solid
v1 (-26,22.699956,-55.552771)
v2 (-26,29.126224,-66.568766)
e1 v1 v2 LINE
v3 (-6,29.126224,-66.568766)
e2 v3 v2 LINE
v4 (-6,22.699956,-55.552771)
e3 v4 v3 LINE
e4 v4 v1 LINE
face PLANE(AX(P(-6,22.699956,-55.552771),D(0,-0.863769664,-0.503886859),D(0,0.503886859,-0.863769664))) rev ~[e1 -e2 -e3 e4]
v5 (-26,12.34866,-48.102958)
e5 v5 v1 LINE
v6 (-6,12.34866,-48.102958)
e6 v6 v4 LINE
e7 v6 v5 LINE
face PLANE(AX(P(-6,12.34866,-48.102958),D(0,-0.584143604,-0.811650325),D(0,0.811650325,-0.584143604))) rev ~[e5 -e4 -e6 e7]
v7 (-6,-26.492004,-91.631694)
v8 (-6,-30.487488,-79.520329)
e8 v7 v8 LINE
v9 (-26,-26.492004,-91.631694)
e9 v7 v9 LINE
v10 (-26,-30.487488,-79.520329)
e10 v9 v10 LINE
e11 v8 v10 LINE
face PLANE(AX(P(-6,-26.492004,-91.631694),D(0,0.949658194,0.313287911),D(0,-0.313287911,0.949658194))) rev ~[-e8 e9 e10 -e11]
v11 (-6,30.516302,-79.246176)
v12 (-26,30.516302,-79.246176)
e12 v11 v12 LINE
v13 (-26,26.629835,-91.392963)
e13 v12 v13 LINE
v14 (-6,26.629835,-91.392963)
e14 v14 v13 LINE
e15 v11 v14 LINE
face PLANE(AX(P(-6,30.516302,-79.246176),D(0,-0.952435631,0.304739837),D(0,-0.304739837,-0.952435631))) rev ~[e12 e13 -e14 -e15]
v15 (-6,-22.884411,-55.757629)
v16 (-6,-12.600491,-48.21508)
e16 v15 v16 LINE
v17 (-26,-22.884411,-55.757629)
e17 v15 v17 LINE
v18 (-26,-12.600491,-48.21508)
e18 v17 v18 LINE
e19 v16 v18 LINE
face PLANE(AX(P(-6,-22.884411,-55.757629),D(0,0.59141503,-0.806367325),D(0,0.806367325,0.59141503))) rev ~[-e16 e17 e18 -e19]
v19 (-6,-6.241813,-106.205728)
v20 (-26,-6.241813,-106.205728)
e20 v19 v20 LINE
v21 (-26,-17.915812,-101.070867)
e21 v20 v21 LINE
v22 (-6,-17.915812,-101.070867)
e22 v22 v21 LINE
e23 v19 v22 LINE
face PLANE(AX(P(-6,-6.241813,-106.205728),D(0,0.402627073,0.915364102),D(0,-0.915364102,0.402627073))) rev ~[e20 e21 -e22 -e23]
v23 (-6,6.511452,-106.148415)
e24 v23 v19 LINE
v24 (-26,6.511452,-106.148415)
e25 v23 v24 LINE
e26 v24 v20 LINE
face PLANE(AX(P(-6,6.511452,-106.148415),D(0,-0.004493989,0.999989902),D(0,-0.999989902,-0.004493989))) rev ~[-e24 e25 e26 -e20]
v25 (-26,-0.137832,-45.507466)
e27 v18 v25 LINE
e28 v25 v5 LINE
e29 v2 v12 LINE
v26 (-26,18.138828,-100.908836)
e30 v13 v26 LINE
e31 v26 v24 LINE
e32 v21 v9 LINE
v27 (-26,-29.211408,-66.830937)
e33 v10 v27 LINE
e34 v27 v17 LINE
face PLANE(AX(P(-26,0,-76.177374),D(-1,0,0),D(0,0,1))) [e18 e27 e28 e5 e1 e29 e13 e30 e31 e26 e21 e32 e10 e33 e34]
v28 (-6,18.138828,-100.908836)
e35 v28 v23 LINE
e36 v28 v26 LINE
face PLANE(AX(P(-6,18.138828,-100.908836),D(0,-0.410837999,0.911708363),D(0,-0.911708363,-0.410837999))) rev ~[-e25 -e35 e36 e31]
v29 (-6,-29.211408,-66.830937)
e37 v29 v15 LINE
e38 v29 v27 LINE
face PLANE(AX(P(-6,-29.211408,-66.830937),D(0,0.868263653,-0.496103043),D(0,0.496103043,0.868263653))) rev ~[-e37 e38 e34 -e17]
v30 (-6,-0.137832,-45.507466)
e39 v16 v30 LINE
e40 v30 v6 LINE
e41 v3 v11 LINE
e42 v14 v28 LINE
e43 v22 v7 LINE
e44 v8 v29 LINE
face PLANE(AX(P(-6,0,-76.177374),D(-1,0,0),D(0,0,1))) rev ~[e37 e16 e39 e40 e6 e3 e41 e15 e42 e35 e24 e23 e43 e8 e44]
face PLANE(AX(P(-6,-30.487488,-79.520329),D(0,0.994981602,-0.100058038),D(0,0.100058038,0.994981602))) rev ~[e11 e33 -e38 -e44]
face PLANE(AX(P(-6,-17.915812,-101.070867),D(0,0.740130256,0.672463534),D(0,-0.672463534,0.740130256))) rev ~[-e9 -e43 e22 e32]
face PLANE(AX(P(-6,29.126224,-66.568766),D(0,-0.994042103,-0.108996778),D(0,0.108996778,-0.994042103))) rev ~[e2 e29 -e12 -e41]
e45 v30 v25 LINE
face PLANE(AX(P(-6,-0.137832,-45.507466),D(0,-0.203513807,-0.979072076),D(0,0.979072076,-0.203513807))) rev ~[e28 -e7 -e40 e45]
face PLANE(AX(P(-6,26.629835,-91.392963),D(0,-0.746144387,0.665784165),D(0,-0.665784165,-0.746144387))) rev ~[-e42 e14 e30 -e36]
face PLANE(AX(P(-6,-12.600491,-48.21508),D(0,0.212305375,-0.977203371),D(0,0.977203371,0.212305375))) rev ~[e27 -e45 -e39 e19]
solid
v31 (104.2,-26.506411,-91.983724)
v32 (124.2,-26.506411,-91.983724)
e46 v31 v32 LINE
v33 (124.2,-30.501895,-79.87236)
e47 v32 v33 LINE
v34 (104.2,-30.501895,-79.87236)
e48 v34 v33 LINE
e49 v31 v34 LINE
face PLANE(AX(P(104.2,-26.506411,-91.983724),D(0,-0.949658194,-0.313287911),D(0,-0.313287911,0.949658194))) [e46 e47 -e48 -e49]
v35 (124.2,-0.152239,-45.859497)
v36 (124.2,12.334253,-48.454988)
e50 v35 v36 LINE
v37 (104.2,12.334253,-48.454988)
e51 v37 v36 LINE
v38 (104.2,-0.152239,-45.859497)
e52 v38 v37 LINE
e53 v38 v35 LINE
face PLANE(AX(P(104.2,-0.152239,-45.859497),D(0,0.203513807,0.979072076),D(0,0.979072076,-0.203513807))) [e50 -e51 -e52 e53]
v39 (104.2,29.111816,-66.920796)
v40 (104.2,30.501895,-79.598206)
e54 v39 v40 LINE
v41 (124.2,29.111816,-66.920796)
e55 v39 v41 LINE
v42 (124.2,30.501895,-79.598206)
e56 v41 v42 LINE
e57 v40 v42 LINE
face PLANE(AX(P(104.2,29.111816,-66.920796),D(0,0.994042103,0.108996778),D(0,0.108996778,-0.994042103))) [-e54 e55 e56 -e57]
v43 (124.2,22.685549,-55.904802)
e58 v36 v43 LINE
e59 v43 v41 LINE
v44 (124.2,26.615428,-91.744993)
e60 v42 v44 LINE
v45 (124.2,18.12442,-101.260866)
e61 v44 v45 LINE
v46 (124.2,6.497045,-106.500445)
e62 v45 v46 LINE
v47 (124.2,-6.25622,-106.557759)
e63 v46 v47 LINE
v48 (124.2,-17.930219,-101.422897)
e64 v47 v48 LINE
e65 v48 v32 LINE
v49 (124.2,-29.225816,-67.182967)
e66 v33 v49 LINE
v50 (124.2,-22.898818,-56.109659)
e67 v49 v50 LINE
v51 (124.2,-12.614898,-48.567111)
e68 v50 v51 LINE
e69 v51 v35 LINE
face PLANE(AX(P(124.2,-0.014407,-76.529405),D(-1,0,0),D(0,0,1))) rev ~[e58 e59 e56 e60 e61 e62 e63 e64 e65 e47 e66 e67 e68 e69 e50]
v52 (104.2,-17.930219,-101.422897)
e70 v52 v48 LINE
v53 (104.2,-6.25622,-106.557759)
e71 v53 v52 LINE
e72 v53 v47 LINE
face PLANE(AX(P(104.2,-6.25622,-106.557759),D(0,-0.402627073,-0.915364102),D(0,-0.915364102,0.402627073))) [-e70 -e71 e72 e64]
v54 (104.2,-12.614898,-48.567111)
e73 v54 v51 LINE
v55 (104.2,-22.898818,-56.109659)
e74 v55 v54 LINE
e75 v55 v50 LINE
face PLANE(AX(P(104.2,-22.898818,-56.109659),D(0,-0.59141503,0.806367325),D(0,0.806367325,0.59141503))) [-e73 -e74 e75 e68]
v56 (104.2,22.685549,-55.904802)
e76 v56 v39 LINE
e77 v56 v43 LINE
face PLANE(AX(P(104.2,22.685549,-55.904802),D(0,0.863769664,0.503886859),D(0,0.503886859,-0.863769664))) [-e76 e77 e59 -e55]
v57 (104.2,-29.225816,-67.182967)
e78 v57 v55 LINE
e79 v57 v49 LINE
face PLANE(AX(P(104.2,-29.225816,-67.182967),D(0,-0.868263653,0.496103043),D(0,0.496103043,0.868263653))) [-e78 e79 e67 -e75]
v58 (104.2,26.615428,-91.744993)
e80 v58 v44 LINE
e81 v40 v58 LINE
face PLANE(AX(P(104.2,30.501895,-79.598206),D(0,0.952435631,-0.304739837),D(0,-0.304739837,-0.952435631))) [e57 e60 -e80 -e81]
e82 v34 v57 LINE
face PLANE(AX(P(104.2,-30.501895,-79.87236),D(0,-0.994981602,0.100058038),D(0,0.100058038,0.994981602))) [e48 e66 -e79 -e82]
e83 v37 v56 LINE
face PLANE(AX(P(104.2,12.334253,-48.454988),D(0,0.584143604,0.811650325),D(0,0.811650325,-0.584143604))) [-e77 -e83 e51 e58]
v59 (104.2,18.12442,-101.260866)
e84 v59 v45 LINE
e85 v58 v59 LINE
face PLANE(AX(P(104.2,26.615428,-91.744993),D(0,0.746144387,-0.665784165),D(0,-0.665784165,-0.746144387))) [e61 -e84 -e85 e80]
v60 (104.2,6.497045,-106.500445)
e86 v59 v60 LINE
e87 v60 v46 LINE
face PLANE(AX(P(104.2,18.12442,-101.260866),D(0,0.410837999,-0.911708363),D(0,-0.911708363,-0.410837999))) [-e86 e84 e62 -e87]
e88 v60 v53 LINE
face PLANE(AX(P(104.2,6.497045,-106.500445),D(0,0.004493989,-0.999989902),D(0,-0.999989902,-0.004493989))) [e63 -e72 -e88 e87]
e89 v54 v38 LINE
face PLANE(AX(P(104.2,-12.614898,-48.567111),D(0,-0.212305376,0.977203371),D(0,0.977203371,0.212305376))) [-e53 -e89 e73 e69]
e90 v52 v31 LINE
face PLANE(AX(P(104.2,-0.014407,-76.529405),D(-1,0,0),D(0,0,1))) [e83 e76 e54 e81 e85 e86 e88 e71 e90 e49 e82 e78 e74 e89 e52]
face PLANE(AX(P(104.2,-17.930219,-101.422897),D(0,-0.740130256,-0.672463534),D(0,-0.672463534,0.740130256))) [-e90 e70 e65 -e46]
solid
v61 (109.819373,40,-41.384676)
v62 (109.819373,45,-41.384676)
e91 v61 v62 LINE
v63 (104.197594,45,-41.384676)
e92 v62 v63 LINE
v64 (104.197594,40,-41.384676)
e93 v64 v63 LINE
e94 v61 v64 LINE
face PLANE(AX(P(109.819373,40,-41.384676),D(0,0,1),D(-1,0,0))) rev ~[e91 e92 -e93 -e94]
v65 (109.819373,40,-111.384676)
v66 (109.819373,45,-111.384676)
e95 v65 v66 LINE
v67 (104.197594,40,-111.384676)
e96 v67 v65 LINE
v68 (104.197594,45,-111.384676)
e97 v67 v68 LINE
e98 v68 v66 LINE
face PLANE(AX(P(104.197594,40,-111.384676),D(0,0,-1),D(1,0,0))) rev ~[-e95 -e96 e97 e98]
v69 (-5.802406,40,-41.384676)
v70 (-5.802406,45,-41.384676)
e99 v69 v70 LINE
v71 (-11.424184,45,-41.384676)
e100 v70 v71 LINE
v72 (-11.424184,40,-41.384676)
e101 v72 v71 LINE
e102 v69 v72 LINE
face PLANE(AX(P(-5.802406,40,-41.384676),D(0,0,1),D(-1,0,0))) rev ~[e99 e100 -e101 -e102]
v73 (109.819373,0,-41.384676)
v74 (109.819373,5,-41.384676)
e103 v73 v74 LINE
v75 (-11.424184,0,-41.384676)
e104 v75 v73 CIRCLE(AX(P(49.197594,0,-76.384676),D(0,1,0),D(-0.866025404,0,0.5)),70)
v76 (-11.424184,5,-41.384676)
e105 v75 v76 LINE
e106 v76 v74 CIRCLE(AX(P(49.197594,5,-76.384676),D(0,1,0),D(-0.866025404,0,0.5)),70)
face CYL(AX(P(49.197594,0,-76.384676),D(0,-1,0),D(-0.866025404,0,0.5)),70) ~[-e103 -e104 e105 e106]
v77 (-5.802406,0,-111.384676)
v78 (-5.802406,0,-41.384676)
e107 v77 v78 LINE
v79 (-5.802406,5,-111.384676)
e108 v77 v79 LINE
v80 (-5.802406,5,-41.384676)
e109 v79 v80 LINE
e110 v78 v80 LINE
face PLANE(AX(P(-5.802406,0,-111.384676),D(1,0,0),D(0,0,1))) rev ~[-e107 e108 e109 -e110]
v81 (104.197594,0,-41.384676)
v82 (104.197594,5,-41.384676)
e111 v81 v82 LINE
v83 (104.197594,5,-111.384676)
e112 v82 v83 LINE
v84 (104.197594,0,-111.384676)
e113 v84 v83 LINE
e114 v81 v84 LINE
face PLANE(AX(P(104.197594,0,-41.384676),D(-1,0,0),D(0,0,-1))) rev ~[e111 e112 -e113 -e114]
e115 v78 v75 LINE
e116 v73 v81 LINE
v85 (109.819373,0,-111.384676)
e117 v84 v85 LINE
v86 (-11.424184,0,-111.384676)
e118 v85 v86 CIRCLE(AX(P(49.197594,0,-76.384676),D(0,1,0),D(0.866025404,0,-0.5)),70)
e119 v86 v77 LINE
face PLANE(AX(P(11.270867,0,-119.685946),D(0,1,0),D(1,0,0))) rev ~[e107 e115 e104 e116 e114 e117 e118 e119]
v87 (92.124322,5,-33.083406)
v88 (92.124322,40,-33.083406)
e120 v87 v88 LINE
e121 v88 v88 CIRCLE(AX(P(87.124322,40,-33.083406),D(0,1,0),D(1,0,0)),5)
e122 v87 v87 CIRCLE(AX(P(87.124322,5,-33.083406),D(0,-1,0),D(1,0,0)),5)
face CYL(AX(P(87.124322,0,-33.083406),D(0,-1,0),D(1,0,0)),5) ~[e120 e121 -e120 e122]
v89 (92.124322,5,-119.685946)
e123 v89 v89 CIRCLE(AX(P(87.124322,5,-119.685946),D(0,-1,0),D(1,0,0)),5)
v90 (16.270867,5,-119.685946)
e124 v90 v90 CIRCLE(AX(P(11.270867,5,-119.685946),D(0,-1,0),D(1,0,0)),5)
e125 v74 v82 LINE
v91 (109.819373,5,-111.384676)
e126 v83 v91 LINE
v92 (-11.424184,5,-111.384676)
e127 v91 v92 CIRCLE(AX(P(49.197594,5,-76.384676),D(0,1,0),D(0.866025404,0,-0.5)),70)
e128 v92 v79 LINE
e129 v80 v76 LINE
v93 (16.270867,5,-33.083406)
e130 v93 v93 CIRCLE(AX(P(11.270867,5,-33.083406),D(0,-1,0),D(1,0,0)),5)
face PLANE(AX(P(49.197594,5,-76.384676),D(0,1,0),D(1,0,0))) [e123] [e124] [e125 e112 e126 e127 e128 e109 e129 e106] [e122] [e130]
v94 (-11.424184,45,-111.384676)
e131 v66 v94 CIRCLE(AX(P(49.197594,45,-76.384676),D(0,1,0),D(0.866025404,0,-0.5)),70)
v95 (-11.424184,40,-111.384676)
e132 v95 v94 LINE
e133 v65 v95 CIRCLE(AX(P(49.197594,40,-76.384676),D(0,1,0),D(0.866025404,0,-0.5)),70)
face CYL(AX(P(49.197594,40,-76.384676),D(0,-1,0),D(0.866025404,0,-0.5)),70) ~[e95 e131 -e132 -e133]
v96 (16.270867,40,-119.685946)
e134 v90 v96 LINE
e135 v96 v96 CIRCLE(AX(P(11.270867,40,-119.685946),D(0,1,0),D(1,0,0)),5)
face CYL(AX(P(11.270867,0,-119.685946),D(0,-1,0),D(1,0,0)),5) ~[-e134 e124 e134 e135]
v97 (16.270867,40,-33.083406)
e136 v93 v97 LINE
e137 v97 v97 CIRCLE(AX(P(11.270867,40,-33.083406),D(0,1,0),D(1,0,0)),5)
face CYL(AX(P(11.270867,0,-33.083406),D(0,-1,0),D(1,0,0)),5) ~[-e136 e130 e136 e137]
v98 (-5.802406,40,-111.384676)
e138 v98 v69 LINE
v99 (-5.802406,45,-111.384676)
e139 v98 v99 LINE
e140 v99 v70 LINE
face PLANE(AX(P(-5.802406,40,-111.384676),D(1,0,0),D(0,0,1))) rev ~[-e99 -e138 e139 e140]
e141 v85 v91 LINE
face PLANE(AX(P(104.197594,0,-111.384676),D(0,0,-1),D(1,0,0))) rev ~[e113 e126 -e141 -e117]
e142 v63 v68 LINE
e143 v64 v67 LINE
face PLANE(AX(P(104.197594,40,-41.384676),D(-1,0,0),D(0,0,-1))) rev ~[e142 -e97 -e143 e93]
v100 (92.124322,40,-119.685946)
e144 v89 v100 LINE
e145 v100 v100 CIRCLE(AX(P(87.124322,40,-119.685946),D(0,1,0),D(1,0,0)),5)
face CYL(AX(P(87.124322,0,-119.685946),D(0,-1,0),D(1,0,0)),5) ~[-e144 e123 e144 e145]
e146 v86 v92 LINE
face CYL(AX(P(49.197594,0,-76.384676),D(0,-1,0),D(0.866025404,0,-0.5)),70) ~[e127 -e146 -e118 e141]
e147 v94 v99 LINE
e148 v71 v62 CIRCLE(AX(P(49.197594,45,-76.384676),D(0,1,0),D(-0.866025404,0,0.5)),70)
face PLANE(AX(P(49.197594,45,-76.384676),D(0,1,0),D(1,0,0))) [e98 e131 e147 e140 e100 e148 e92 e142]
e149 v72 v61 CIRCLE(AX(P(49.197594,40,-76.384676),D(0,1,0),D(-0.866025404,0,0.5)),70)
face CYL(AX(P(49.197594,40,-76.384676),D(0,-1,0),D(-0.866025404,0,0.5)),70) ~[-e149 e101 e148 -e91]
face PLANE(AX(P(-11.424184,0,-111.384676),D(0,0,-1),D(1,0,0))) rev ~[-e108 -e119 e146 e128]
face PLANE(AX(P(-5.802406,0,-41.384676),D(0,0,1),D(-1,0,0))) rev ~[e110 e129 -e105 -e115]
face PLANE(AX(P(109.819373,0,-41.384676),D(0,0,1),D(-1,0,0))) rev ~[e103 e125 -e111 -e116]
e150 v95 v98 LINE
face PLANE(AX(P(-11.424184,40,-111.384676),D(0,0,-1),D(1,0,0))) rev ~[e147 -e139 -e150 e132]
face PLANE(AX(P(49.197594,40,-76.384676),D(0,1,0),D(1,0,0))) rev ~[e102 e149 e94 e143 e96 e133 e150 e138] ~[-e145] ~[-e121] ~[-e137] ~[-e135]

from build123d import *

# Parameters (mm, degrees)
BOSS_EXTRUDE2_DEPTH = 5
SKETCH7_R           = 5
BOSS_EXTRUDE3_DEPTH = 40
BOSS_EXTRUDE5_DEPTH = 5
BOSS_EXTRUDE7_DEPTH = 20
BOSS_EXTRUDE8_DEPTH = 20


with BuildPart() as part:
    # Sketch2 → Boss-Extrude2 (new body)
    with BuildSketch(Plane(origin=(0, 0, 0), x_dir=(1, 0, 0), z_dir=(0, 1, 0))):
        with BuildLine():
            ThreePointArc((-11.424183933, 41.384676223), (49.197594332, 6.384676223), (109.819372597, 41.384676223))
            Line((109.819372597, 41.384676223), (104.197594332, 41.384676223))
            Line((104.197594332, 41.384676223), (104.197594332, 111.384676223))
            Line((104.197594332, 111.384676223), (109.819372597, 111.384676223))
            ThreePointArc((109.819372597, 111.384676223), (49.197594332, 146.384676223), (-11.424183933, 111.384676223))
            Line((-11.424183933, 111.384676223), (-5.802405668, 111.384676223))
            Line((-5.802405668, 111.384676223), (-5.802405668, 41.384676223))
            Line((-5.802405668, 41.384676223), (-11.424183933, 41.384676223))
        make_face()
    extrude(amount=BOSS_EXTRUDE2_DEPTH)

    # Sketch7 → Boss-Extrude3 (add)
    with BuildSketch(Plane(origin=(0, 0, 0), x_dir=(1, 0, 0), z_dir=(0, 1, 0))):
        with Locations((11.270866676, 119.685946413)):
            Circle(SKETCH7_R)
        with Locations((87.124321988, 119.685946413)):
            Circle(SKETCH7_R)
        with Locations((87.124321988, 33.083406034)):
            Circle(SKETCH7_R)
        with Locations((11.270866676, 33.083406034)):
            Circle(SKETCH7_R)
    extrude(amount=BOSS_EXTRUDE3_DEPTH)

    # Sketch12 → Boss-Extrude5 (add)
    with BuildSketch(Plane(origin=(0, 40, 0), x_dir=(1, 0, 0), z_dir=(0, 1, 0))):
        with BuildLine():
            Line((109.819372597, 41.384676223), (104.197594332, 41.384676223))
            Line((104.197594332, 41.384676223), (104.197594332, 111.384676223))
            Line((104.197594332, 111.384676223), (109.819372597, 111.384676223))
            ThreePointArc((109.819372597, 111.384676223), (49.197594332, 146.384676223), (-11.424183933, 111.384676223))
            Line((-11.424183933, 111.384676223), (-5.802405668, 111.384676223))
            Line((-5.802405668, 111.384676223), (-5.802405668, 41.384676223))
            Line((-5.802405668, 41.384676223), (-11.424183933, 41.384676223))
            ThreePointArc((-11.424183933, 41.384676223), (49.197594332, 6.384676223), (109.819372597, 41.384676223))
        make_face()
    extrude(amount=BOSS_EXTRUDE5_DEPTH)


with BuildPart() as body_2:
    # Sketch15 → Boss-Extrude7 (new body)
    with BuildSketch(Plane.ZY.offset(6)):
        Polygon((-48.215080274, -12.60049092), (-45.507466236, -0.137831609), (-48.102957942, 12.348660039), (-55.552771297, 22.699956182), (-66.568765893, 29.126223679), (-79.246176186, 30.516302498), (-91.392962767, 26.629835384), (-100.908835886, 18.138827807), (-106.14841463, 6.511452116), (-106.205728236, -6.2418128), (-101.07086666, -17.915811578), (-91.631694118, -26.492003774), (-79.520329293, -30.487487845), (-66.830937194, -29.211408298), (-55.757628992, -22.884410879), align=None)
    extrude(amount=BOSS_EXTRUDE7_DEPTH)


with BuildPart() as body_3:
    # Sketch18 → Boss-Extrude8 (new body)
    with BuildSketch(Plane.ZY.offset(-104.2)):
        Polygon((-48.567110562, -12.614898246), (-45.859496523, -0.152238936), (-48.454988229, 12.334252712), (-55.904801584, 22.685548856), (-66.92079618, 29.111816352), (-79.598206473, 30.501895172), (-91.744993054, 26.615428057), (-101.260866173, 18.124420481), (-106.500444917, 6.49704479), (-106.557758523, -6.256220126), (-101.422896947, -17.930218904), (-91.983724405, -26.5064111), (-79.87235958, -30.501895172), (-67.182967481, -29.225815624), (-56.109659279, -22.898818205), align=None)
    extrude(amount=-BOSS_EXTRUDE8_DEPTH)


solid = Compound([part.part, body_2.part, body_3.part])
